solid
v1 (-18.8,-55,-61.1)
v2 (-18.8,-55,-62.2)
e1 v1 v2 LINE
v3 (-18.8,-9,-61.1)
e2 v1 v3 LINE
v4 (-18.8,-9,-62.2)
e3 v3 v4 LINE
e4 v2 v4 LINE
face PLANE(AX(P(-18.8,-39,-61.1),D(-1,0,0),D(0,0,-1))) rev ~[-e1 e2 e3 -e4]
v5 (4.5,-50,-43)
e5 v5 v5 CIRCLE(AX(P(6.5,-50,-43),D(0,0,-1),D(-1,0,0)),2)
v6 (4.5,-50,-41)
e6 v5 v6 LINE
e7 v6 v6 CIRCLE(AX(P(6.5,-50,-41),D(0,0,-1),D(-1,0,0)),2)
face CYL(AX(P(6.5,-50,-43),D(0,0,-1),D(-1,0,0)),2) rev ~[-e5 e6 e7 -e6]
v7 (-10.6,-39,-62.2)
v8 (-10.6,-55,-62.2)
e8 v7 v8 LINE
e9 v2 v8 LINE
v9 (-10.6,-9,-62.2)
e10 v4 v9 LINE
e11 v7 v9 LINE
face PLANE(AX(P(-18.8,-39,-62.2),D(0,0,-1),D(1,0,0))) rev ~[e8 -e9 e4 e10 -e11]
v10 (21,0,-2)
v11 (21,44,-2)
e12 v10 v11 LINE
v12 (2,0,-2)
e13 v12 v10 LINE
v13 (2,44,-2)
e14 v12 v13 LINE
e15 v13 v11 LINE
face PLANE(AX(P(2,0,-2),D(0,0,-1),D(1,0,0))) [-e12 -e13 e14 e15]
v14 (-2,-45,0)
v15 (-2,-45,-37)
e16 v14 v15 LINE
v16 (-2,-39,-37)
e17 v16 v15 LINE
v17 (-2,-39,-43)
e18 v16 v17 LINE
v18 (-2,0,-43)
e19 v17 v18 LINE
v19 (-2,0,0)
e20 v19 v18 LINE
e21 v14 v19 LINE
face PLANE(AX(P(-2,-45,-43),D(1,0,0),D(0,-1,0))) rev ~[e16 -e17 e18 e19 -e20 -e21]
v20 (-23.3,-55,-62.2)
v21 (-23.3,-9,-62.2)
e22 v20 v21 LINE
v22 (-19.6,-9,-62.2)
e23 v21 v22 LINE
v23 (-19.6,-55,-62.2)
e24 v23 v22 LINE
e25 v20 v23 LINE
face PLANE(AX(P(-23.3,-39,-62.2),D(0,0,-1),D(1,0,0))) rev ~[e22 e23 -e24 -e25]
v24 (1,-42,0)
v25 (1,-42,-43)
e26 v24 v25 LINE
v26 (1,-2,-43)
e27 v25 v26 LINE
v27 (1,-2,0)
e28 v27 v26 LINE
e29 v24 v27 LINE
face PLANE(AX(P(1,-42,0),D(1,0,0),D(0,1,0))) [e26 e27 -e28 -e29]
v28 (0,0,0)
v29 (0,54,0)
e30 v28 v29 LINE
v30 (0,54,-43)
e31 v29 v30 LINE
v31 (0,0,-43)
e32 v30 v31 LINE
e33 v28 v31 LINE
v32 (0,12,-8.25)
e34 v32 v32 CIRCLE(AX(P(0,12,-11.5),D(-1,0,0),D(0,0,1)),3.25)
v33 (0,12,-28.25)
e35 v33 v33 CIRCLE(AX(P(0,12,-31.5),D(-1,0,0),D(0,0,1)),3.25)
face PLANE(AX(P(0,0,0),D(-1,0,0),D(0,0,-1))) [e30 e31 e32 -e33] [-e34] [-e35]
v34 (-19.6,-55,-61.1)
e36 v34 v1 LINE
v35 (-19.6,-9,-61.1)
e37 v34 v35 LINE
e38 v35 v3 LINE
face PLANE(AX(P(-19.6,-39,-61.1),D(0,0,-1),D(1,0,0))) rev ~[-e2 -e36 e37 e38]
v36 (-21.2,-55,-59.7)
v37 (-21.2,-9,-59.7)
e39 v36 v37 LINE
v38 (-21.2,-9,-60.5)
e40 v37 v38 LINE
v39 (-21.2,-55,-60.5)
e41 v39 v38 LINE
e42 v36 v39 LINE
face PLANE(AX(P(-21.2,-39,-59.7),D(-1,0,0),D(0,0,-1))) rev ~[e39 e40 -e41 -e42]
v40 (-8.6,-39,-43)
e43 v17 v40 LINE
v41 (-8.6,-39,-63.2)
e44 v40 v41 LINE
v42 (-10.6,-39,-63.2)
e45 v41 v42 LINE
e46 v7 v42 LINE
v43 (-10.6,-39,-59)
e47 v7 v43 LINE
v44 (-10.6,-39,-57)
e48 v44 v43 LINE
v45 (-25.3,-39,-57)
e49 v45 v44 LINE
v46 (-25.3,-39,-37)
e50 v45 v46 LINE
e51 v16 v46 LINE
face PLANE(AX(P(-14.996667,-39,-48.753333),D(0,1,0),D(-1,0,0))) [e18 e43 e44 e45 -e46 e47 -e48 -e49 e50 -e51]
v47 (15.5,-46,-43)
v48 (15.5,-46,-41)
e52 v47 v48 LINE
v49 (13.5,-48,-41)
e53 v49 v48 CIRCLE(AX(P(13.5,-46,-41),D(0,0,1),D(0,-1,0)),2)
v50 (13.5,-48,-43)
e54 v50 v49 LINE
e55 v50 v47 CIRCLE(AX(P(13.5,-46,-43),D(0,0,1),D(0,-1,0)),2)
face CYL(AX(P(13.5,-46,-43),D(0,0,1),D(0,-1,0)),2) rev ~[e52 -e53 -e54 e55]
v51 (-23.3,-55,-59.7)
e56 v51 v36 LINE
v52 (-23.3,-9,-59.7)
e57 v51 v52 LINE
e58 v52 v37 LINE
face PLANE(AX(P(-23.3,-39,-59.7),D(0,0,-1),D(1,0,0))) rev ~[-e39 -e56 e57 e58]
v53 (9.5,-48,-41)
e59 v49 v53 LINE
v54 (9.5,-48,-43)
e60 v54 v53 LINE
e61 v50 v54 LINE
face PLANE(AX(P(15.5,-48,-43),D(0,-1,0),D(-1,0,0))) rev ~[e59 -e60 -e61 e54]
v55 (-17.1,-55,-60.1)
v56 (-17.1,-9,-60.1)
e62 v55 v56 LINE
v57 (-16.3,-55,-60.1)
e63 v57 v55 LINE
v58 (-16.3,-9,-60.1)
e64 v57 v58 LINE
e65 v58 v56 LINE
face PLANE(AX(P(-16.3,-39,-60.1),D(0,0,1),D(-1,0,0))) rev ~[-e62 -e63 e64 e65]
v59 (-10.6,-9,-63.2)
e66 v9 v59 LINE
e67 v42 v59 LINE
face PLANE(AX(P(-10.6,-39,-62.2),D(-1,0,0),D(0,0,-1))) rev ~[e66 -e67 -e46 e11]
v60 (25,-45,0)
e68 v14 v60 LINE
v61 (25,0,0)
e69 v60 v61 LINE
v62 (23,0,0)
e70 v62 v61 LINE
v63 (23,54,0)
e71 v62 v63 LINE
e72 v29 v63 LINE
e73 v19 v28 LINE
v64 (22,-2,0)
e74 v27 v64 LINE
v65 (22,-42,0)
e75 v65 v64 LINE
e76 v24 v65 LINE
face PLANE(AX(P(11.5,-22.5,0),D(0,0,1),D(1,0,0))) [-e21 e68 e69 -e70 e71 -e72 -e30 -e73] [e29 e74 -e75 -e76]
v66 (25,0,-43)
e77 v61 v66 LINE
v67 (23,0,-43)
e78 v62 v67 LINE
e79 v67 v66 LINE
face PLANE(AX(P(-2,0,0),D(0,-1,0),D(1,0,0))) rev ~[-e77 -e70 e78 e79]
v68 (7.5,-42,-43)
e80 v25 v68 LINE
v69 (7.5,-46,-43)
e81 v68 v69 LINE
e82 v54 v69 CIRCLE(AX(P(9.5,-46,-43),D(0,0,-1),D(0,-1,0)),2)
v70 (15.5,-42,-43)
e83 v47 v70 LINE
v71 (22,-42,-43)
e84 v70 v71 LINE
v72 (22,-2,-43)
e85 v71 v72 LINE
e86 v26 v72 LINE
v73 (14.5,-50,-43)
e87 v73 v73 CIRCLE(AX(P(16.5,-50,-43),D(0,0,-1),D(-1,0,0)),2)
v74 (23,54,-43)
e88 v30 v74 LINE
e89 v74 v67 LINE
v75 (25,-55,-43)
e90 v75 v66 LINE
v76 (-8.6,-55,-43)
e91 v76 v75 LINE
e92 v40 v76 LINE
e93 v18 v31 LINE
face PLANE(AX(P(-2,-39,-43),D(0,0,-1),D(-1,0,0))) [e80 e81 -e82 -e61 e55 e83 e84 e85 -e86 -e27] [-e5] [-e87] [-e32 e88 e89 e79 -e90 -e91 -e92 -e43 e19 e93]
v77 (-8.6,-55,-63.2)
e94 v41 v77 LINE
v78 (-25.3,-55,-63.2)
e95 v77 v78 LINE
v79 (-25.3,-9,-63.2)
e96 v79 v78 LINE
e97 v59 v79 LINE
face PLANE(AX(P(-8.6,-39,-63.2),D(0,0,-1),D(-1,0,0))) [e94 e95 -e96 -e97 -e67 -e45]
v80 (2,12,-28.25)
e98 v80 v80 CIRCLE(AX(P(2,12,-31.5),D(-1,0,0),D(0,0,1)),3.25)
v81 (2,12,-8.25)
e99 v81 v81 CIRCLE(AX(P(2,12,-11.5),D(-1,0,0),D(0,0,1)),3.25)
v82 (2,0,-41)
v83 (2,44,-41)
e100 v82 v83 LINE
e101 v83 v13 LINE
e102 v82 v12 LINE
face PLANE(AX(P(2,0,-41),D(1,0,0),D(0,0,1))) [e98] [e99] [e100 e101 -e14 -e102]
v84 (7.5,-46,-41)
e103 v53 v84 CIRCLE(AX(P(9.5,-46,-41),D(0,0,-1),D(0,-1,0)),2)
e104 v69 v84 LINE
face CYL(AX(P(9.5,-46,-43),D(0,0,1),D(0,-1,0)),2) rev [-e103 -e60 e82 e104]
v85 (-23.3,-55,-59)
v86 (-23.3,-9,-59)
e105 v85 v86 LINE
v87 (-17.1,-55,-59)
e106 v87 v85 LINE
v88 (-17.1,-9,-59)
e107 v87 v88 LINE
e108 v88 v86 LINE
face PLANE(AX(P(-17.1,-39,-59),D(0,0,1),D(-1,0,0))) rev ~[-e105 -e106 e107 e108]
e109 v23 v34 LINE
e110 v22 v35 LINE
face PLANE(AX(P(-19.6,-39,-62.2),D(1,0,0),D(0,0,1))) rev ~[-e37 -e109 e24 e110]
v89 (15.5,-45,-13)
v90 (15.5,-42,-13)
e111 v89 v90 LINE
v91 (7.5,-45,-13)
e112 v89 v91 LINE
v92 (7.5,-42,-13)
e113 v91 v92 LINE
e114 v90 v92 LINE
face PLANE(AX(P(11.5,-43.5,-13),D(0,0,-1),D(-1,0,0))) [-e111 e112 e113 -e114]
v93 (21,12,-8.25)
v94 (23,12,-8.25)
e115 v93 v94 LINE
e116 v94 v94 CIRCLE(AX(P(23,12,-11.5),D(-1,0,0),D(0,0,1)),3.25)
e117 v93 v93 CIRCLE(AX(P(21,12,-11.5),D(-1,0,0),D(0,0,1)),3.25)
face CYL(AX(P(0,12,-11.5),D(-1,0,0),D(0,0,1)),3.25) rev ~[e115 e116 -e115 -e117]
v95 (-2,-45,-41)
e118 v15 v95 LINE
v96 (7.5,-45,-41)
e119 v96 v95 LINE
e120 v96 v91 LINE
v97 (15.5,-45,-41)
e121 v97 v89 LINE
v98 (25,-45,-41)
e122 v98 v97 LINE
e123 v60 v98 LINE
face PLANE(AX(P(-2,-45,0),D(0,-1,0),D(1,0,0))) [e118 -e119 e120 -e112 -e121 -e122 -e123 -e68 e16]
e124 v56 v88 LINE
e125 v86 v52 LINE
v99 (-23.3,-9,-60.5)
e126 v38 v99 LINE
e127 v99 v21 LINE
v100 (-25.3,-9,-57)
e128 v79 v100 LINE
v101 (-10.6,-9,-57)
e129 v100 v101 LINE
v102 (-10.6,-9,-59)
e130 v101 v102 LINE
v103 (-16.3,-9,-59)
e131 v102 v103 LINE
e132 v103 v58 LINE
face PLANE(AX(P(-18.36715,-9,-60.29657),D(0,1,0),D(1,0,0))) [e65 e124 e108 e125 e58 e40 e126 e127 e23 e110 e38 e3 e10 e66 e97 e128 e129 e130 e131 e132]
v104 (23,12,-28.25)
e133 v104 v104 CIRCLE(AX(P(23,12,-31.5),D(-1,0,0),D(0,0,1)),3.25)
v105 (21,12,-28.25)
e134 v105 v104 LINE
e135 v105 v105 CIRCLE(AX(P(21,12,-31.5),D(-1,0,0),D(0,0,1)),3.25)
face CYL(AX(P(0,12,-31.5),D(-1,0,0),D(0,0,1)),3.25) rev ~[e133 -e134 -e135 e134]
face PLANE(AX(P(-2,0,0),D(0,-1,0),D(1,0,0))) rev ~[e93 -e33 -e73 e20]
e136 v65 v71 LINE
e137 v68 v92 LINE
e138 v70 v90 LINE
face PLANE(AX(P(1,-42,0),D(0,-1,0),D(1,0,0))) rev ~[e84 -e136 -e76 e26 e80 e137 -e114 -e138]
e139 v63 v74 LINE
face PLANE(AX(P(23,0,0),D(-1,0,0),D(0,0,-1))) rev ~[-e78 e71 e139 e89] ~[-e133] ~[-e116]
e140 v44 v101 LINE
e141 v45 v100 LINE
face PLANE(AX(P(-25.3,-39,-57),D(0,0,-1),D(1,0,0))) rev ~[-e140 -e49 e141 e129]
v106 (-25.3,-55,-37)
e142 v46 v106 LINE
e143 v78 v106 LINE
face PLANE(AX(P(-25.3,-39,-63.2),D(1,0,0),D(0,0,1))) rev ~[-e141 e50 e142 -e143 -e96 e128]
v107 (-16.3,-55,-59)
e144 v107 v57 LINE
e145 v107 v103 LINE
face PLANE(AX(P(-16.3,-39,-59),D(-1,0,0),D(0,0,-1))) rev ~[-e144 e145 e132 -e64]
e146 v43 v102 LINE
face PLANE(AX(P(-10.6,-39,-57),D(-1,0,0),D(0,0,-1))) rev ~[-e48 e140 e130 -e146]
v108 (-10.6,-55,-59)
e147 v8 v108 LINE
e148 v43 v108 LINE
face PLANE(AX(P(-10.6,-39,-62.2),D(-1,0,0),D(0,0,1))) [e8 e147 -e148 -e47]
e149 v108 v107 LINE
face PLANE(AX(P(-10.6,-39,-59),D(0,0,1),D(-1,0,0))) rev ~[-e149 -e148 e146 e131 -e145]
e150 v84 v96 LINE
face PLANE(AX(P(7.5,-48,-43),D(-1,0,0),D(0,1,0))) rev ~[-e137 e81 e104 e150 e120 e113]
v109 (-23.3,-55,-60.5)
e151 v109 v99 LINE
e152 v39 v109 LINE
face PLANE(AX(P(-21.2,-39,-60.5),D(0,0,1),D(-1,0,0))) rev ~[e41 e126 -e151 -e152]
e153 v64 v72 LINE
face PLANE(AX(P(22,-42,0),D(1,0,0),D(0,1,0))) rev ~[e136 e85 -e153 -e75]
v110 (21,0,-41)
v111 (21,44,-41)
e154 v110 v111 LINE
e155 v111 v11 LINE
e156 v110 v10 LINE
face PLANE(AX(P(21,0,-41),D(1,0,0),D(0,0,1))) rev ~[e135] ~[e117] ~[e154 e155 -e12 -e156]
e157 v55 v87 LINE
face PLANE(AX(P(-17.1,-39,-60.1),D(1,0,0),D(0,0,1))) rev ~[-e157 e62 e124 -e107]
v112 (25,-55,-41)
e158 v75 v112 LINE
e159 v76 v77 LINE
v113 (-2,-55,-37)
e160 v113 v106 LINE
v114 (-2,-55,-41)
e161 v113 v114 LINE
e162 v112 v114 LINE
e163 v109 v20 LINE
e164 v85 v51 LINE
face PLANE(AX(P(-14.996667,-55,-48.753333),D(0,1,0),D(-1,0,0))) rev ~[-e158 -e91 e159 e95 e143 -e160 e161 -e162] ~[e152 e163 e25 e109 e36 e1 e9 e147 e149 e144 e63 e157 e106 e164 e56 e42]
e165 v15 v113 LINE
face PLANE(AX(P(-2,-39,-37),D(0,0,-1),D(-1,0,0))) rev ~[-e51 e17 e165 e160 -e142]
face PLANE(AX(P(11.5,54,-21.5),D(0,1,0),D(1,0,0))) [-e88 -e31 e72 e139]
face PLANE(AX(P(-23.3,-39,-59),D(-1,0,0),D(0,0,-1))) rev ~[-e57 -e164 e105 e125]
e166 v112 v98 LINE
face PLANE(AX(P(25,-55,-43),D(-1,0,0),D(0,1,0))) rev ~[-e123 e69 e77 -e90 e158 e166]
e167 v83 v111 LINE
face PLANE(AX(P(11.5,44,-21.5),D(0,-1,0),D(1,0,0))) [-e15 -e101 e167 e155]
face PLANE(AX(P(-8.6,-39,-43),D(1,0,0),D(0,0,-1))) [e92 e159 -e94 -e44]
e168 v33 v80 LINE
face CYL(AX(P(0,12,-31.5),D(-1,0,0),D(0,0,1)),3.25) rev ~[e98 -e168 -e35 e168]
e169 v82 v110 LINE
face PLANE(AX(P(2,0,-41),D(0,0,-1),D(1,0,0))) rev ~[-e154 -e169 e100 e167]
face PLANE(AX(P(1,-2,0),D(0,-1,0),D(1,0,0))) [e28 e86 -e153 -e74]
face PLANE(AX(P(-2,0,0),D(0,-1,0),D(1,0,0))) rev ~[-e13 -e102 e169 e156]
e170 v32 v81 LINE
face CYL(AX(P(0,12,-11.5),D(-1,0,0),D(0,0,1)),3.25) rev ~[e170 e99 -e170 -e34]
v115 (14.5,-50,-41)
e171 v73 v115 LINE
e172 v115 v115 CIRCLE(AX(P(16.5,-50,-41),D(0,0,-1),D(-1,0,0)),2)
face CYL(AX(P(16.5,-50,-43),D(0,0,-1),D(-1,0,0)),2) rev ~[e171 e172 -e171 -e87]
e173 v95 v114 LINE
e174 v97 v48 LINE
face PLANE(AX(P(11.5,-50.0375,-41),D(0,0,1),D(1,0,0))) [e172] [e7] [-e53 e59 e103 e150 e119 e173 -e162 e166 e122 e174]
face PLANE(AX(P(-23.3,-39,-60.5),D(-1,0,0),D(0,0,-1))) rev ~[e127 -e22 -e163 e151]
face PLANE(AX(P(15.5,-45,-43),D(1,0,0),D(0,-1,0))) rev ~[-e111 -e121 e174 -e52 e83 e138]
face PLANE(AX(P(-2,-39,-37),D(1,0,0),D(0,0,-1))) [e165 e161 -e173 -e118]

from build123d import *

# Parameters (mm, degrees)
SKETCH_1_W           = 23
SKETCH_1_H           = 43
EXTRUDE_1_DEPTH      = 54
SKETCH_2_OUTSIDE_W   = 39.552
SKETCH_2_OUTSIDE_H   = 59.552
SKETCH_2_OUTSIDE_W_2 = 23
SKETCH_2_OUTSIDE_H_2 = 43
SKETCH_2_OUTSIDE_W_3 = 19
SKETCH_2_OUTSIDE_H_3 = 39
CUT_EXTRUDE_1_DEPTH  = 44
SKETCH_3_W           = 27
SKETCH_3_H           = 45
SKETCH_3_W_2         = 21
SKETCH_3_H_2         = 40
EXTRUDE_2_DEPTH      = 43
SKETCH_4_R           = 3.25
CUT_EXTRUDE_2_DEPTH  = 74.416619372
SKETCH_5_W           = 8
SKETCH_5_H           = 3
CUT_EXTRUDE_3_DEPTH  = 30
SKETCH_6_R           = 2
EXTRUDE_3_DEPTH      = 2
EXTRUDE_4_DEPTH      = 10
EXTRUDE_4_DEPTH_BACK = 6
FILLET_1_R           = 2
EXTRUDE_5_DEPTH      = 30


with BuildPart() as part:
    # 草图1 → 凸台-拉伸1 (new body)
    with BuildSketch(Plane(origin=(0, 0, 0), x_dir=(1, 0, 0), z_dir=(0, 1, 0))):
        with Locations((11.5, 21.5)):
            Rectangle(SKETCH_1_W, SKETCH_1_H)
    extrude(amount=EXTRUDE_1_DEPTH)

    # 草图2 outside → 切除-拉伸1 (cut)
    # profile 1 of 2: a face of its own
    with BuildSketch(Plane.XZ):
        with Locations((11.5, -21.5)):
            Rectangle(SKETCH_2_OUTSIDE_W, SKETCH_2_OUTSIDE_H)
        with Locations((11.5, -21.5)):
            Rectangle(SKETCH_2_OUTSIDE_W_2, SKETCH_2_OUTSIDE_H_2, mode=Mode.SUBTRACT)
    # profile 2 of 2: a face of its own
    with BuildSketch(Plane.XZ):
        with Locations((11.5, -21.5)):
            Rectangle(SKETCH_2_OUTSIDE_W_3, SKETCH_2_OUTSIDE_H_3)
    extrude(amount=-CUT_EXTRUDE_1_DEPTH, mode=Mode.SUBTRACT)

    # 草图3 → 凸台-拉伸2 (add)
    with BuildSketch(Plane.XY):
        with Locations((11.5, -22.5)):
            Rectangle(SKETCH_3_W, SKETCH_3_H)
        with Locations((11.5, -22)):
            Rectangle(SKETCH_3_W_2, SKETCH_3_H_2, mode=Mode.SUBTRACT)
    extrude(amount=-EXTRUDE_2_DEPTH)

    # 草图4 → 切除-拉伸2 (cut, through all)
    with BuildSketch(Plane.ZY):
        with Locations((-31.5, 12)):
            Circle(SKETCH_4_R)
        with Locations((-11.5, 12)):
            Circle(SKETCH_4_R)
    extrude(amount=-CUT_EXTRUDE_2_DEPTH, mode=Mode.SUBTRACT)

    # 草图5 → 切除-拉伸3 (cut)
    with BuildSketch(Plane(origin=(0, 0, -43), x_dir=(-1, 0, 0), z_dir=(0, 0, -1))):
        with Locations((-11.5, -43.5)):
            Rectangle(SKETCH_5_W, SKETCH_5_H)
    extrude(amount=-CUT_EXTRUDE_3_DEPTH, mode=Mode.SUBTRACT)

    # 草图6 → 凸台-拉伸3 (add)
    with BuildSketch(Plane(origin=(0, 0, -43), x_dir=(-1, 0, 0), z_dir=(0, 0, -1))):
        Polygon((-25, -45), (-15.5, -45), (-15.5, -48), (-7.5, -48), (-7.5, -45), (2, -45), (2, -55), (-7.5, -55), (-15.5, -55), (-25, -55), align=None)
        with Locations((-16.5, -50)):
            Circle(SKETCH_6_R, mode=Mode.SUBTRACT)
        with Locations((-6.5, -50)):
            Circle(SKETCH_6_R, mode=Mode.SUBTRACT)
    extrude(amount=-EXTRUDE_3_DEPTH)

    # 草图8 → 凸台-拉伸4 (add, two sides: drawn at the far end of the back side and taken through both)
    with BuildSketch(Plane.XZ.offset(45).offset(-EXTRUDE_4_DEPTH_BACK)):
        Polygon((-8.6, -63.2), (-25.3, -63.2), (-25.3, -37), (-8.6, -37), (-2, -37), (-2, -43), (-8.6, -43), align=None)
        Polygon((-17.1, -59), (-23.3, -59), (-23.3, -59.7), (-21.2, -59.7), (-21.2, -60.5), (-23.3, -60.5), (-23.3, -62.2), (-19.6, -62.2), (-19.6, -61.1), (-18.8, -61.1), (-18.8, -62.2), (-10.6, -62.2), (-10.6, -59), (-16.3, -59), (-16.3, -60.1), (-17.1, -60.1), align=None, mode=Mode.SUBTRACT)
    extrude(amount=EXTRUDE_4_DEPTH + EXTRUDE_4_DEPTH_BACK)

    # 圆角1
    fillet_1_edges = [part.edges().sort_by_distance(p)[0] for p in [
        (15.5, -48, -42),
        (7.5, -48, -42),
    ]]
    fillet(fillet_1_edges, radius=FILLET_1_R)

    # 草图9 → 凸台-拉伸5 (add)
    with BuildSketch(Plane(origin=(0, -39, 0), x_dir=(1, 0, 0), z_dir=(0, 1, 0))):
        Polygon((-10.6, 57), (-10.6, 59), (-16.3, 59), (-16.3, 60.1), (-17.1, 60.1), (-17.1, 59), (-23.3, 59), (-23.3, 59.7), (-21.2, 59.7), (-21.2, 60.5), (-23.3, 60.5), (-23.3, 62.2), (-19.6, 62.2), (-19.6, 61.1), (-18.8, 61.1), (-18.8, 62.2), (-10.6, 62.2), (-10.6, 63.2), (-25.3, 63.2), (-25.3, 57), align=None)
    extrude(amount=EXTRUDE_5_DEPTH)


solid = part.part
